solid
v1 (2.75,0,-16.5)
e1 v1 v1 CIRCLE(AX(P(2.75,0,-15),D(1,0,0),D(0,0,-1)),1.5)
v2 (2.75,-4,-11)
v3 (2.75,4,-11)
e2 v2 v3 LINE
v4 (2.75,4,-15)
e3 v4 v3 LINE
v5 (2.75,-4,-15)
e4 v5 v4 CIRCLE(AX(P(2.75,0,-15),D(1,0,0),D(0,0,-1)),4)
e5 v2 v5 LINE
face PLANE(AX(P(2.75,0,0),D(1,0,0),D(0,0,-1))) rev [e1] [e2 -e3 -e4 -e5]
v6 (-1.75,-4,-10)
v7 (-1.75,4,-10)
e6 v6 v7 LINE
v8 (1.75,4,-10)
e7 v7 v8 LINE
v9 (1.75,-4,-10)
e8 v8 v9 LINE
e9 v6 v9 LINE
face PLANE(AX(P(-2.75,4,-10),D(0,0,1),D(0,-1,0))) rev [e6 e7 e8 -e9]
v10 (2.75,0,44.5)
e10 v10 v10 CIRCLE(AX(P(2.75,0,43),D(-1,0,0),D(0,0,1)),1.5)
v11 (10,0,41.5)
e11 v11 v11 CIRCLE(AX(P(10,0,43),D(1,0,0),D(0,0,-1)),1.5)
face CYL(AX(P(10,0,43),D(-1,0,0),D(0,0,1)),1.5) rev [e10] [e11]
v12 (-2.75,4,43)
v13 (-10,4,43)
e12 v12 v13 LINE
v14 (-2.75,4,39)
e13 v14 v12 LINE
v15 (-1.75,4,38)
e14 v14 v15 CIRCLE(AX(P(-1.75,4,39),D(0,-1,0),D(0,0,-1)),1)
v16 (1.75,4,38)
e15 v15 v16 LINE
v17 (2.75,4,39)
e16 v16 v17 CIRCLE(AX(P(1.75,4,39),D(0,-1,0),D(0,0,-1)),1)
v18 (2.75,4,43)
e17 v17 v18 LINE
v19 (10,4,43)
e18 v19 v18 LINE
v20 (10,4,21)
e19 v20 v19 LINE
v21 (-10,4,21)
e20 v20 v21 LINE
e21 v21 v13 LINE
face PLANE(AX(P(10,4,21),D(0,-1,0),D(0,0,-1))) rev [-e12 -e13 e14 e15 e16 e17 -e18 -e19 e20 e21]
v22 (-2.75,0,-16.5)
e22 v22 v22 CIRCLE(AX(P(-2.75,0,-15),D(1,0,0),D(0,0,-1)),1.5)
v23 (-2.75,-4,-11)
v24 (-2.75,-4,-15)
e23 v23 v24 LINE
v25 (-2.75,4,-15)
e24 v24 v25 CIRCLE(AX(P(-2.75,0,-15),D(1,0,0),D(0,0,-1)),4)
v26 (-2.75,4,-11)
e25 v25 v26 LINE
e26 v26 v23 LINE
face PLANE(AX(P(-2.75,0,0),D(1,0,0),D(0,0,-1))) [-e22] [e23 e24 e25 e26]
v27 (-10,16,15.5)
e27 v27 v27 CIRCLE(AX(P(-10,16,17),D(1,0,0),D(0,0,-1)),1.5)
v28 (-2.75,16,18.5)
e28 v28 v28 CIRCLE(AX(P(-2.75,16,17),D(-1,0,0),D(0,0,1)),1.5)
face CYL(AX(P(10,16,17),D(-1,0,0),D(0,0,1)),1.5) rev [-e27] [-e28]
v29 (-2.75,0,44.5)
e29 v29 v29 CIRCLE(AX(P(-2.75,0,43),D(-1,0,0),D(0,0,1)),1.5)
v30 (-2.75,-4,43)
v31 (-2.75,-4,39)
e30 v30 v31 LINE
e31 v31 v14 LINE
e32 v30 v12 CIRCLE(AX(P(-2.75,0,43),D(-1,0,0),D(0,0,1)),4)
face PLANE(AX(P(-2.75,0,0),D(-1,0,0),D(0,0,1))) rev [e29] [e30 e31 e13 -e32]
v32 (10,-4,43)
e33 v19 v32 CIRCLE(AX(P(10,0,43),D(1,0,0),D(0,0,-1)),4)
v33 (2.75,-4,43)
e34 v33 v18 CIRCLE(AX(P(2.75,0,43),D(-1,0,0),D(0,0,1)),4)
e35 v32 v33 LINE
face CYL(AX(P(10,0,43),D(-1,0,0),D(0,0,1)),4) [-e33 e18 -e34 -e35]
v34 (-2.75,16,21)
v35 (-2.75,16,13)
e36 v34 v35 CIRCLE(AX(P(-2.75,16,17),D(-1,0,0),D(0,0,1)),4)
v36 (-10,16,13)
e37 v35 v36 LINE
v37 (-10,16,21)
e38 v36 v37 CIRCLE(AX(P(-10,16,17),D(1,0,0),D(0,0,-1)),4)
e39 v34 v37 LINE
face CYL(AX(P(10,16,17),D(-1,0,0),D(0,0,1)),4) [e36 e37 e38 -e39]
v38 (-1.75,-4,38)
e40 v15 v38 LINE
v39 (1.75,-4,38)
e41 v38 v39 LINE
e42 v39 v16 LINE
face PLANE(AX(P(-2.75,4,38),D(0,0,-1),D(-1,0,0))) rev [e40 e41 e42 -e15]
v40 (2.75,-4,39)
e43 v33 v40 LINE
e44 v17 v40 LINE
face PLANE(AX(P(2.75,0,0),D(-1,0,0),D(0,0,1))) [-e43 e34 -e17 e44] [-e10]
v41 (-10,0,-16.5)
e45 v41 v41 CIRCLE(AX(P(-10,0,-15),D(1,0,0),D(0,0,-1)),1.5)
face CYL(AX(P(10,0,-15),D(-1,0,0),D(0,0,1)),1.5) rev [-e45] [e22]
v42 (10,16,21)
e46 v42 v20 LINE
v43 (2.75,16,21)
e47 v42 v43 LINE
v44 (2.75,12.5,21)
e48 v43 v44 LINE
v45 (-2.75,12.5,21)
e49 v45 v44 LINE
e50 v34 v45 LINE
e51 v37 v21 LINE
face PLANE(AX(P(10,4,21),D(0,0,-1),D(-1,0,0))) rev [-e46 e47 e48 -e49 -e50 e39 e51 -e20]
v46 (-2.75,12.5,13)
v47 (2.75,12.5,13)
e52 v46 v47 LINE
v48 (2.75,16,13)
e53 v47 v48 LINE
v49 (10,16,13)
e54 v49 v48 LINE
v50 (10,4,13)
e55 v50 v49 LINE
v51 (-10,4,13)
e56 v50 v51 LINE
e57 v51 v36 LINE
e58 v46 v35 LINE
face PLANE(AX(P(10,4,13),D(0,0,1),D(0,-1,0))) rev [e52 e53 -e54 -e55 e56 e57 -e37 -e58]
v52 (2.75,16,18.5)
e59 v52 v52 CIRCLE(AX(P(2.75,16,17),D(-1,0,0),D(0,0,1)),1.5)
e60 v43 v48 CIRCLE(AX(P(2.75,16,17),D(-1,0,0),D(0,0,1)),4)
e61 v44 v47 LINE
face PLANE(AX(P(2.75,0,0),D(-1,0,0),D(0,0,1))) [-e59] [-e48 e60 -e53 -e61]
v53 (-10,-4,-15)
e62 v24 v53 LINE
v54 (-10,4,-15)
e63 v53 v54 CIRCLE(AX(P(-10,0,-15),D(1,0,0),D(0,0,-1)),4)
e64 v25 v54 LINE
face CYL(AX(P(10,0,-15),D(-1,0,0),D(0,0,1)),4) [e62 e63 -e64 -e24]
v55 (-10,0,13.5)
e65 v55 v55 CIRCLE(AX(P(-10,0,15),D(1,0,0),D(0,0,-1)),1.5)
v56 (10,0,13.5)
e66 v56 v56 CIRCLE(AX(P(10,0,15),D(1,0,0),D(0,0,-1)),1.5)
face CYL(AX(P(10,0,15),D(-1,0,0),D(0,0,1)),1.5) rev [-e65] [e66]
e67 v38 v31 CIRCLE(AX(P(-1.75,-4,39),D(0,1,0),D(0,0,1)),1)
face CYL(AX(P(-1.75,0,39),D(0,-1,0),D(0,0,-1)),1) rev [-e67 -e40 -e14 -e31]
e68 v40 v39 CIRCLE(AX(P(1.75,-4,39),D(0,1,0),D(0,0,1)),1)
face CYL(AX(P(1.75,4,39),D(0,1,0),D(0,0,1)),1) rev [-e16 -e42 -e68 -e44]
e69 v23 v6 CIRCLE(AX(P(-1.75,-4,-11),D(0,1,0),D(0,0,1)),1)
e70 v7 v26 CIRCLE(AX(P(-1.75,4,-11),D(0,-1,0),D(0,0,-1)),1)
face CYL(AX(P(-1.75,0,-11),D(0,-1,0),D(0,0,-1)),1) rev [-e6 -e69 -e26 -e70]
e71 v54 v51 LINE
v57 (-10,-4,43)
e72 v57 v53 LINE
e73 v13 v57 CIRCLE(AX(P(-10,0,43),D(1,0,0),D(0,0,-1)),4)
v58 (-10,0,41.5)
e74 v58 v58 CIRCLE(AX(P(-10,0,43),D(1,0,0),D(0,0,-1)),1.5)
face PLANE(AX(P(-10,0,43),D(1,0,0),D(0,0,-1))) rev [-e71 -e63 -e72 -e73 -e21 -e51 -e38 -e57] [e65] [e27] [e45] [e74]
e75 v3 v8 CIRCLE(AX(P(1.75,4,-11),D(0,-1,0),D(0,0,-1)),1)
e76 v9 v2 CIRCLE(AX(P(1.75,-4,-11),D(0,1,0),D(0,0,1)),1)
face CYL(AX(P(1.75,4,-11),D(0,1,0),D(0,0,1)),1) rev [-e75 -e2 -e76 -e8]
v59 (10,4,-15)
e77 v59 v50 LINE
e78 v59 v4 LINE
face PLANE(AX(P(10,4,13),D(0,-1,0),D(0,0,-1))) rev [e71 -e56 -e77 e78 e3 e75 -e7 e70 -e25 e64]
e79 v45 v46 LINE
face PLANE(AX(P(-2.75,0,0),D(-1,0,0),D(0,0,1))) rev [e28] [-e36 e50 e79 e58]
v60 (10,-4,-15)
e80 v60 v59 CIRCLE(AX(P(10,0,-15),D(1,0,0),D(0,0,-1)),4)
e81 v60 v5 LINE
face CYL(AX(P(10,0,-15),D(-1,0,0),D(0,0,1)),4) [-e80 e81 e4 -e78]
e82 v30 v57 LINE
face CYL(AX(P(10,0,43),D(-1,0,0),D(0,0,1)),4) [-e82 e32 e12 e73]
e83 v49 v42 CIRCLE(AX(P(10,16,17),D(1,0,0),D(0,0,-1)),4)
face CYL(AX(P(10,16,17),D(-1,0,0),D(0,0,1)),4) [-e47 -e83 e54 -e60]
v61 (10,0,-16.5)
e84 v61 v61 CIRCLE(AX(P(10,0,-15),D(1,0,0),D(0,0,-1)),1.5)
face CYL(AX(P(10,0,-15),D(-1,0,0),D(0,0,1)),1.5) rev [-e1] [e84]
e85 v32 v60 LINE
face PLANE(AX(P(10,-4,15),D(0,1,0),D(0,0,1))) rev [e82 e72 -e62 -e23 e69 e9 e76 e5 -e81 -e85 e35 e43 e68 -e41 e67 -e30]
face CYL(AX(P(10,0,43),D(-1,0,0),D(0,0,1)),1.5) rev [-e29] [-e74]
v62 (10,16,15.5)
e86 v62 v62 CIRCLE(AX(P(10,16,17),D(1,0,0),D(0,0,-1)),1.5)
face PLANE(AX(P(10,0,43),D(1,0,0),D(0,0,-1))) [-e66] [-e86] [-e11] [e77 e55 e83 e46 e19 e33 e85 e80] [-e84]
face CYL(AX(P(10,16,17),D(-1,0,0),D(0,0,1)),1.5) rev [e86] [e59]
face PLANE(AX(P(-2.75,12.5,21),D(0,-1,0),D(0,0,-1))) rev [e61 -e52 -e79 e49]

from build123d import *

# Parameters (mm, degrees)
CROQUIS1_R              = 1.5
SALIENTE_EXTRUIR1_DEPTH = 10
CROQUIS2_W              = 8
CROQUIS2_H              = 7.5
CROQUIS2_W_2            = 9
CROQUIS2_H_2            = 8
CORTAR_EXTRUIR1_DEPTH   = 2.75
REDONDEO1_R             = 1


with BuildPart() as part:
    # Croquis1 → Saliente-Extruir1 (new, symmetric)
    with BuildSketch(Plane(origin=(0, 0, 0), x_dir=(0, 0, -1), z_dir=(1, 0, 0))):
        with BuildLine():
            Line((-15, -4), (15, -4))
            ThreePointArc((15, -4), (19, 0), (15, 4))
            Line((15, 4), (-13, 4))
            Line((-13, 4), (-13, 16))
            ThreePointArc((-13, 16), (-17, 20), (-21, 16))
            Line((-21, 16), (-21, 4))
            Line((-21, 4), (-43, 4))
            ThreePointArc((-43, 4), (-47, 0), (-43, -4))
            Line((-43, -4), (-15, -4))
        make_face()
        with Locations((15, 0)):
            Circle(CROQUIS1_R, mode=Mode.SUBTRACT)
        with Locations((-17, 16)):
            Circle(CROQUIS1_R, mode=Mode.SUBTRACT)
        with Locations((-15, 0)):
            Circle(CROQUIS1_R, mode=Mode.SUBTRACT)
        with Locations((-43, 0)):
            Circle(CROQUIS1_R, mode=Mode.SUBTRACT)
    extrude(amount=SALIENTE_EXTRUIR1_DEPTH, both=True)

    # Croquis2 → Cortar-Extruir1 (cut, symmetric)
    with BuildSketch(Plane(origin=(0, 0, 0), x_dir=(0, 0, -1), z_dir=(1, 0, 0))):
        with Locations((-17, 16.25)):
            Rectangle(CROQUIS2_W, CROQUIS2_H)
        with Locations((14.5, 0)):
            Rectangle(CROQUIS2_W_2, CROQUIS2_H_2)
        with Locations((-42.5, 0)):
            Rectangle(CROQUIS2_W_2, CROQUIS2_H_2)
    extrude(amount=CORTAR_EXTRUIR1_DEPTH, both=True, mode=Mode.SUBTRACT)

    # Redondeo1
    redondeo1_edges = [part.edges().sort_by_distance(p)[0] for p in [
        (2.75, 0, 38),
        (-2.75, 0, 38),
        (2.75, 0, -10),
        (-2.75, 0, -10),
    ]]
    fillet(redondeo1_edges, radius=REDONDEO1_R)


solid = part.part
